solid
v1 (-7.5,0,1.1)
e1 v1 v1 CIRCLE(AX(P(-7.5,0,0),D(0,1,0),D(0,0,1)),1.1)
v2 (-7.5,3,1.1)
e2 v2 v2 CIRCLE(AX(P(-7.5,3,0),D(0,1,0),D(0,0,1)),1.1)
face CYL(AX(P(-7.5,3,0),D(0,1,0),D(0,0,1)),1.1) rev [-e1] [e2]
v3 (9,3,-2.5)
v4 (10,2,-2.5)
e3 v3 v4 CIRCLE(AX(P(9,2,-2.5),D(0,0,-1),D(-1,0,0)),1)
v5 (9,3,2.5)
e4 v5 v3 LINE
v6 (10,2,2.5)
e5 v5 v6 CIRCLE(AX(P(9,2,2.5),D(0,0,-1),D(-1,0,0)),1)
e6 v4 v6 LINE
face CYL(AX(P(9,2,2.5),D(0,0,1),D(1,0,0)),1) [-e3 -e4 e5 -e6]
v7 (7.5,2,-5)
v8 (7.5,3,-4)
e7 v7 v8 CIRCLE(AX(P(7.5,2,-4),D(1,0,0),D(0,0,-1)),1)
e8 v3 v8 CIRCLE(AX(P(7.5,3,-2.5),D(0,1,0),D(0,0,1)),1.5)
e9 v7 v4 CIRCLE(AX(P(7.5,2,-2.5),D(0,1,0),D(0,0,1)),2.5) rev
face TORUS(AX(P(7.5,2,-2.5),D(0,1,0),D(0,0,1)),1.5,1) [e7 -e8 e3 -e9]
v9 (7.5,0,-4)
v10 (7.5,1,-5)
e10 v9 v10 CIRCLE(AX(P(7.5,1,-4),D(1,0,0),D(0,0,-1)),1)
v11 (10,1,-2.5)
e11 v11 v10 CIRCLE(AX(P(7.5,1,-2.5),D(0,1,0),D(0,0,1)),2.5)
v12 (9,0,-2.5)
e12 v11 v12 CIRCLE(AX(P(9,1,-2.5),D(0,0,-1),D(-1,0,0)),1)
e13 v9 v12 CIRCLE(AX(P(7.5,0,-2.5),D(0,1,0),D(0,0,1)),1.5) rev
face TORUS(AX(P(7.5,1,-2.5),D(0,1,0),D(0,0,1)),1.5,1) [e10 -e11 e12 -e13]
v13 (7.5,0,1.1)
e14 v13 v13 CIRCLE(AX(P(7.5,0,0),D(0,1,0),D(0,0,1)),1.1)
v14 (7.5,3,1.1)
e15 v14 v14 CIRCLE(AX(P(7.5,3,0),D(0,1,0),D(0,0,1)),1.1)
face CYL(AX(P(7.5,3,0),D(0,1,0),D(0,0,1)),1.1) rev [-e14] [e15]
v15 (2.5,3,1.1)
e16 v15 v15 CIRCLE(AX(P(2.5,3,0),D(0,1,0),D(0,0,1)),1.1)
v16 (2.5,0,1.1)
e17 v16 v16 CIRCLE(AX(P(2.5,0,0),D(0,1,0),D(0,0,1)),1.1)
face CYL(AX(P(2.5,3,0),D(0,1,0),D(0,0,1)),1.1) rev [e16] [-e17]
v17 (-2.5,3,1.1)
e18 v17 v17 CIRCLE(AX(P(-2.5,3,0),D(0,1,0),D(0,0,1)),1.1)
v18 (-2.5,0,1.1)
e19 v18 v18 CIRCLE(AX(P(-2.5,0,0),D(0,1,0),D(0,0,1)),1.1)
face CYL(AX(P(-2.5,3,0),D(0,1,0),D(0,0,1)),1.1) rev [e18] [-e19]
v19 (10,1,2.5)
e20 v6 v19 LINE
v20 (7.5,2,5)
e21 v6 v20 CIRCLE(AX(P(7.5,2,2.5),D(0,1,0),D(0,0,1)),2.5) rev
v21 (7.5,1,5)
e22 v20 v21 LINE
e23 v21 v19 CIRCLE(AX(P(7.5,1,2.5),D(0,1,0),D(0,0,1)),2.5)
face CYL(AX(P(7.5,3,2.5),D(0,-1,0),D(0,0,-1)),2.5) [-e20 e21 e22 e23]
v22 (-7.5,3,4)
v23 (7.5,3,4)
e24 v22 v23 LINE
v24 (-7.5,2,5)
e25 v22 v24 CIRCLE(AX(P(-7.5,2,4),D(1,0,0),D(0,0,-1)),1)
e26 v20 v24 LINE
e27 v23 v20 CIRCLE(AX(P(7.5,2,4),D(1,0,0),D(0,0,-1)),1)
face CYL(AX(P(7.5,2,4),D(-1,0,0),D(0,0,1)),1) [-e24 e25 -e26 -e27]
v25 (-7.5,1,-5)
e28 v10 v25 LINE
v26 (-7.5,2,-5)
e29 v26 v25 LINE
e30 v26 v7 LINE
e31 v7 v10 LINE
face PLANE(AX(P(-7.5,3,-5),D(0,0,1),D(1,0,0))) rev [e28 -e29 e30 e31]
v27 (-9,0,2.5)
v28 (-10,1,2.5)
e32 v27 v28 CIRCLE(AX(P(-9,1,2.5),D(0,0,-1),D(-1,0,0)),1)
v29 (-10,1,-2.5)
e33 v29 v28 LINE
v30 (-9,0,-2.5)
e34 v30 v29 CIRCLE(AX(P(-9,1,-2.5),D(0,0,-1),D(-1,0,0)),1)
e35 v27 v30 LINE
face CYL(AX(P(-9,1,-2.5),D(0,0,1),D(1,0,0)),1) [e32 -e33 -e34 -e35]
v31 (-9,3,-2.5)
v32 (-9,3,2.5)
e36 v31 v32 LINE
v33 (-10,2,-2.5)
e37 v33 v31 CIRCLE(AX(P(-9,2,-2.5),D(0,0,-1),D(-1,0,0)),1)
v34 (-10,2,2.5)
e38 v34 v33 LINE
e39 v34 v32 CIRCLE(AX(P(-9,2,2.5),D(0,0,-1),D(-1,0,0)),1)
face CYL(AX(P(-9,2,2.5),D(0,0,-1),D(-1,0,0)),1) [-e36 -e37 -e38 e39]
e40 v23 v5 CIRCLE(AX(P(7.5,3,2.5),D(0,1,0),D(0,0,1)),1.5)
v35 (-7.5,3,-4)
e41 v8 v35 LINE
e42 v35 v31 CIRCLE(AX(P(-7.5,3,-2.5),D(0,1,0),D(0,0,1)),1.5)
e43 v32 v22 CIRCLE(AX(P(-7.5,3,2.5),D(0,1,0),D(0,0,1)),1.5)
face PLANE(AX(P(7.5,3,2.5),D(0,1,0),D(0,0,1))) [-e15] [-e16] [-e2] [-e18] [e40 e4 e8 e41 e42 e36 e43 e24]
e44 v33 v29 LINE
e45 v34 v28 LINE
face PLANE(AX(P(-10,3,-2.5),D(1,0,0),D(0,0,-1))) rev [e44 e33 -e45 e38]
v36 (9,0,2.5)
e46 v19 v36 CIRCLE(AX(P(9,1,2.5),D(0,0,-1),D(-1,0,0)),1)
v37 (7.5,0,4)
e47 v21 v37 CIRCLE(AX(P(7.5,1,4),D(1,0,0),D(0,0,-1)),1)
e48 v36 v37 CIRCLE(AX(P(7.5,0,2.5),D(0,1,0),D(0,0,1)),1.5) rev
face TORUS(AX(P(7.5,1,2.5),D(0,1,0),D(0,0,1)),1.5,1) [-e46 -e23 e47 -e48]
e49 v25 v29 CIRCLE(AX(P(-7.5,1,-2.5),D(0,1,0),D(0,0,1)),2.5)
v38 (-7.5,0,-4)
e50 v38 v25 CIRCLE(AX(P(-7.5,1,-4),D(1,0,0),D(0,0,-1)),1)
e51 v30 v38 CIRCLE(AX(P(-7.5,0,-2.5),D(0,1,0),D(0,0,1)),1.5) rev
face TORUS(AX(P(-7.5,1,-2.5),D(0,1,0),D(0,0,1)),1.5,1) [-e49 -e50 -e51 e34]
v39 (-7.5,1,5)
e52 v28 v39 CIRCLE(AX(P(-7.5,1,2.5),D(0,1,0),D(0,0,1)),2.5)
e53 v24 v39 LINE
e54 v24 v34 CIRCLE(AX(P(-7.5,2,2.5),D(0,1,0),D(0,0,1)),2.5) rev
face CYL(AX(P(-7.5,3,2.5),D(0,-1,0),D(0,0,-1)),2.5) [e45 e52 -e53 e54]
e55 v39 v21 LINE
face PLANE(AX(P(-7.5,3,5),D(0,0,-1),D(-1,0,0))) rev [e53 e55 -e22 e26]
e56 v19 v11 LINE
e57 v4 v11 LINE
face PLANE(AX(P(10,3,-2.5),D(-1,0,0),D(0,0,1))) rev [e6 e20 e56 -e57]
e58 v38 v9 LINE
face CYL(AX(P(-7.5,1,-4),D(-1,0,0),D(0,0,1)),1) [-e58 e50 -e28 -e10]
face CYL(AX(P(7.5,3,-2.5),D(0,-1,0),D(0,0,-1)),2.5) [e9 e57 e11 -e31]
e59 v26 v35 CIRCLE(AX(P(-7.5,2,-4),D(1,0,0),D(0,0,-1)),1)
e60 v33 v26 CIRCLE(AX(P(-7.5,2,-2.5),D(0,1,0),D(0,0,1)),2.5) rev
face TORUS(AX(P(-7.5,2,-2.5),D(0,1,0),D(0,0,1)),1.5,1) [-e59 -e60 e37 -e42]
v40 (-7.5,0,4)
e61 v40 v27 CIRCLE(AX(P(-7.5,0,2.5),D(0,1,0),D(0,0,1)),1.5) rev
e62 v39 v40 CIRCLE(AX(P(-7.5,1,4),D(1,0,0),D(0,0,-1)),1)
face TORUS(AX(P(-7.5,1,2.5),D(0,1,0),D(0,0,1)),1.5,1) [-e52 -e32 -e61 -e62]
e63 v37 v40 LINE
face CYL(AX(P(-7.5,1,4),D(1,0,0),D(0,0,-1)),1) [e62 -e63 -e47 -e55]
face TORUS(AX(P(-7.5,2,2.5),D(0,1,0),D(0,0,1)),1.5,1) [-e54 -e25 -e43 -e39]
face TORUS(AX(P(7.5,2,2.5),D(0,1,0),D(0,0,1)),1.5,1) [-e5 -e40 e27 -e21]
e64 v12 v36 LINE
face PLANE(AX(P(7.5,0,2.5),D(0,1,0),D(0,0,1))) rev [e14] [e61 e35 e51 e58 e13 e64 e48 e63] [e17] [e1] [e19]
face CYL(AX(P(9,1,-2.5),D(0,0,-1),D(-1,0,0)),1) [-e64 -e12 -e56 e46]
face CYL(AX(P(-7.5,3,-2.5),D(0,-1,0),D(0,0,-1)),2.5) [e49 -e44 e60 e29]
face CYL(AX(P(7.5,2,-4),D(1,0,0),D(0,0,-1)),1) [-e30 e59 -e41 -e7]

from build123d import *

# Parameters (mm, degrees)
EXTRUDE_1_DEPTH            = 3
F_2_2_2_2_DIAMETER_HOLE1_D = 2.2
FILLET_1_R                 = 1


with BuildPart() as part:
    # 草图1 → 凸台-拉伸1 (new body)
    with BuildSketch(Plane(origin=(0, 0, 0), x_dir=(1, 0, 0), z_dir=(0, 1, 0))):
        with BuildLine():
            Line((-7.5, 5), (7.5, 5))
            ThreePointArc((7.5, 5), (9.267766953, 4.267766953), (10, 2.5))
            Line((10, 2.5), (10, -2.5))
            ThreePointArc((10, -2.5), (9.267766953, -4.267766953), (7.5, -5))
            Line((7.5, -5), (-7.5, -5))
            ThreePointArc((-7.5, -5), (-9.267766953, -4.267766953), (-10, -2.5))
            Line((-10, -2.5), (-10, 2.5))
            ThreePointArc((-10, 2.5), (-9.267766953, 4.267766953), (-7.5, 5))
        make_face()
    extrude(amount=EXTRUDE_1_DEPTH)

    # Ø2.2 (2.2) Diameter Hole1 (through all)
    with Locations(Plane(origin=(0, 3, 0), x_dir=(1, 0, 0), z_dir=(0, 1, 0))):
        with Locations((-7.5, 0), (-2.5, 0)):
            f_2_2_2_2_diameter_hole1 = Hole(F_2_2_2_2_DIAMETER_HOLE1_D / 2)

    # 镜向1: Ø2.2 (2.2) Diameter Hole1 across plane
    add(f_2_2_2_2_diameter_hole1.mirror(Plane(origin=(0, 0, 0), x_dir=(0, 0, 1), z_dir=(1, 0, 0))), mode=Mode.SUBTRACT)

    # 圆角1
    fillet_1_edges = [part.edges().sort_by_distance(p)[0] for p in [
        (0, 0, -5),
        (9.267766953, 0, -4.267766953),
        (10, 0, 0),
        (9.267766953, 0, 4.267766953),
        (9.267766953, 3, -4.267766953),
        (0, 3, -5),
        (-9.267766953, 3, -4.267766953),
        (-10, 3, 0),
        (-9.267766953, 3, 4.267766953),
        (0, 3, 5),
        (9.267766953, 3, 4.267766953),
        (0, 0, 5),
        (10, 3, 0),
        (-9.267766953, 0, 4.267766953),
        (-10, 0, 0),
        (-9.267766953, 0, -4.267766953),
    ]]
    fillet(fillet_1_edges, radius=FILLET_1_R)


solid = part.part
